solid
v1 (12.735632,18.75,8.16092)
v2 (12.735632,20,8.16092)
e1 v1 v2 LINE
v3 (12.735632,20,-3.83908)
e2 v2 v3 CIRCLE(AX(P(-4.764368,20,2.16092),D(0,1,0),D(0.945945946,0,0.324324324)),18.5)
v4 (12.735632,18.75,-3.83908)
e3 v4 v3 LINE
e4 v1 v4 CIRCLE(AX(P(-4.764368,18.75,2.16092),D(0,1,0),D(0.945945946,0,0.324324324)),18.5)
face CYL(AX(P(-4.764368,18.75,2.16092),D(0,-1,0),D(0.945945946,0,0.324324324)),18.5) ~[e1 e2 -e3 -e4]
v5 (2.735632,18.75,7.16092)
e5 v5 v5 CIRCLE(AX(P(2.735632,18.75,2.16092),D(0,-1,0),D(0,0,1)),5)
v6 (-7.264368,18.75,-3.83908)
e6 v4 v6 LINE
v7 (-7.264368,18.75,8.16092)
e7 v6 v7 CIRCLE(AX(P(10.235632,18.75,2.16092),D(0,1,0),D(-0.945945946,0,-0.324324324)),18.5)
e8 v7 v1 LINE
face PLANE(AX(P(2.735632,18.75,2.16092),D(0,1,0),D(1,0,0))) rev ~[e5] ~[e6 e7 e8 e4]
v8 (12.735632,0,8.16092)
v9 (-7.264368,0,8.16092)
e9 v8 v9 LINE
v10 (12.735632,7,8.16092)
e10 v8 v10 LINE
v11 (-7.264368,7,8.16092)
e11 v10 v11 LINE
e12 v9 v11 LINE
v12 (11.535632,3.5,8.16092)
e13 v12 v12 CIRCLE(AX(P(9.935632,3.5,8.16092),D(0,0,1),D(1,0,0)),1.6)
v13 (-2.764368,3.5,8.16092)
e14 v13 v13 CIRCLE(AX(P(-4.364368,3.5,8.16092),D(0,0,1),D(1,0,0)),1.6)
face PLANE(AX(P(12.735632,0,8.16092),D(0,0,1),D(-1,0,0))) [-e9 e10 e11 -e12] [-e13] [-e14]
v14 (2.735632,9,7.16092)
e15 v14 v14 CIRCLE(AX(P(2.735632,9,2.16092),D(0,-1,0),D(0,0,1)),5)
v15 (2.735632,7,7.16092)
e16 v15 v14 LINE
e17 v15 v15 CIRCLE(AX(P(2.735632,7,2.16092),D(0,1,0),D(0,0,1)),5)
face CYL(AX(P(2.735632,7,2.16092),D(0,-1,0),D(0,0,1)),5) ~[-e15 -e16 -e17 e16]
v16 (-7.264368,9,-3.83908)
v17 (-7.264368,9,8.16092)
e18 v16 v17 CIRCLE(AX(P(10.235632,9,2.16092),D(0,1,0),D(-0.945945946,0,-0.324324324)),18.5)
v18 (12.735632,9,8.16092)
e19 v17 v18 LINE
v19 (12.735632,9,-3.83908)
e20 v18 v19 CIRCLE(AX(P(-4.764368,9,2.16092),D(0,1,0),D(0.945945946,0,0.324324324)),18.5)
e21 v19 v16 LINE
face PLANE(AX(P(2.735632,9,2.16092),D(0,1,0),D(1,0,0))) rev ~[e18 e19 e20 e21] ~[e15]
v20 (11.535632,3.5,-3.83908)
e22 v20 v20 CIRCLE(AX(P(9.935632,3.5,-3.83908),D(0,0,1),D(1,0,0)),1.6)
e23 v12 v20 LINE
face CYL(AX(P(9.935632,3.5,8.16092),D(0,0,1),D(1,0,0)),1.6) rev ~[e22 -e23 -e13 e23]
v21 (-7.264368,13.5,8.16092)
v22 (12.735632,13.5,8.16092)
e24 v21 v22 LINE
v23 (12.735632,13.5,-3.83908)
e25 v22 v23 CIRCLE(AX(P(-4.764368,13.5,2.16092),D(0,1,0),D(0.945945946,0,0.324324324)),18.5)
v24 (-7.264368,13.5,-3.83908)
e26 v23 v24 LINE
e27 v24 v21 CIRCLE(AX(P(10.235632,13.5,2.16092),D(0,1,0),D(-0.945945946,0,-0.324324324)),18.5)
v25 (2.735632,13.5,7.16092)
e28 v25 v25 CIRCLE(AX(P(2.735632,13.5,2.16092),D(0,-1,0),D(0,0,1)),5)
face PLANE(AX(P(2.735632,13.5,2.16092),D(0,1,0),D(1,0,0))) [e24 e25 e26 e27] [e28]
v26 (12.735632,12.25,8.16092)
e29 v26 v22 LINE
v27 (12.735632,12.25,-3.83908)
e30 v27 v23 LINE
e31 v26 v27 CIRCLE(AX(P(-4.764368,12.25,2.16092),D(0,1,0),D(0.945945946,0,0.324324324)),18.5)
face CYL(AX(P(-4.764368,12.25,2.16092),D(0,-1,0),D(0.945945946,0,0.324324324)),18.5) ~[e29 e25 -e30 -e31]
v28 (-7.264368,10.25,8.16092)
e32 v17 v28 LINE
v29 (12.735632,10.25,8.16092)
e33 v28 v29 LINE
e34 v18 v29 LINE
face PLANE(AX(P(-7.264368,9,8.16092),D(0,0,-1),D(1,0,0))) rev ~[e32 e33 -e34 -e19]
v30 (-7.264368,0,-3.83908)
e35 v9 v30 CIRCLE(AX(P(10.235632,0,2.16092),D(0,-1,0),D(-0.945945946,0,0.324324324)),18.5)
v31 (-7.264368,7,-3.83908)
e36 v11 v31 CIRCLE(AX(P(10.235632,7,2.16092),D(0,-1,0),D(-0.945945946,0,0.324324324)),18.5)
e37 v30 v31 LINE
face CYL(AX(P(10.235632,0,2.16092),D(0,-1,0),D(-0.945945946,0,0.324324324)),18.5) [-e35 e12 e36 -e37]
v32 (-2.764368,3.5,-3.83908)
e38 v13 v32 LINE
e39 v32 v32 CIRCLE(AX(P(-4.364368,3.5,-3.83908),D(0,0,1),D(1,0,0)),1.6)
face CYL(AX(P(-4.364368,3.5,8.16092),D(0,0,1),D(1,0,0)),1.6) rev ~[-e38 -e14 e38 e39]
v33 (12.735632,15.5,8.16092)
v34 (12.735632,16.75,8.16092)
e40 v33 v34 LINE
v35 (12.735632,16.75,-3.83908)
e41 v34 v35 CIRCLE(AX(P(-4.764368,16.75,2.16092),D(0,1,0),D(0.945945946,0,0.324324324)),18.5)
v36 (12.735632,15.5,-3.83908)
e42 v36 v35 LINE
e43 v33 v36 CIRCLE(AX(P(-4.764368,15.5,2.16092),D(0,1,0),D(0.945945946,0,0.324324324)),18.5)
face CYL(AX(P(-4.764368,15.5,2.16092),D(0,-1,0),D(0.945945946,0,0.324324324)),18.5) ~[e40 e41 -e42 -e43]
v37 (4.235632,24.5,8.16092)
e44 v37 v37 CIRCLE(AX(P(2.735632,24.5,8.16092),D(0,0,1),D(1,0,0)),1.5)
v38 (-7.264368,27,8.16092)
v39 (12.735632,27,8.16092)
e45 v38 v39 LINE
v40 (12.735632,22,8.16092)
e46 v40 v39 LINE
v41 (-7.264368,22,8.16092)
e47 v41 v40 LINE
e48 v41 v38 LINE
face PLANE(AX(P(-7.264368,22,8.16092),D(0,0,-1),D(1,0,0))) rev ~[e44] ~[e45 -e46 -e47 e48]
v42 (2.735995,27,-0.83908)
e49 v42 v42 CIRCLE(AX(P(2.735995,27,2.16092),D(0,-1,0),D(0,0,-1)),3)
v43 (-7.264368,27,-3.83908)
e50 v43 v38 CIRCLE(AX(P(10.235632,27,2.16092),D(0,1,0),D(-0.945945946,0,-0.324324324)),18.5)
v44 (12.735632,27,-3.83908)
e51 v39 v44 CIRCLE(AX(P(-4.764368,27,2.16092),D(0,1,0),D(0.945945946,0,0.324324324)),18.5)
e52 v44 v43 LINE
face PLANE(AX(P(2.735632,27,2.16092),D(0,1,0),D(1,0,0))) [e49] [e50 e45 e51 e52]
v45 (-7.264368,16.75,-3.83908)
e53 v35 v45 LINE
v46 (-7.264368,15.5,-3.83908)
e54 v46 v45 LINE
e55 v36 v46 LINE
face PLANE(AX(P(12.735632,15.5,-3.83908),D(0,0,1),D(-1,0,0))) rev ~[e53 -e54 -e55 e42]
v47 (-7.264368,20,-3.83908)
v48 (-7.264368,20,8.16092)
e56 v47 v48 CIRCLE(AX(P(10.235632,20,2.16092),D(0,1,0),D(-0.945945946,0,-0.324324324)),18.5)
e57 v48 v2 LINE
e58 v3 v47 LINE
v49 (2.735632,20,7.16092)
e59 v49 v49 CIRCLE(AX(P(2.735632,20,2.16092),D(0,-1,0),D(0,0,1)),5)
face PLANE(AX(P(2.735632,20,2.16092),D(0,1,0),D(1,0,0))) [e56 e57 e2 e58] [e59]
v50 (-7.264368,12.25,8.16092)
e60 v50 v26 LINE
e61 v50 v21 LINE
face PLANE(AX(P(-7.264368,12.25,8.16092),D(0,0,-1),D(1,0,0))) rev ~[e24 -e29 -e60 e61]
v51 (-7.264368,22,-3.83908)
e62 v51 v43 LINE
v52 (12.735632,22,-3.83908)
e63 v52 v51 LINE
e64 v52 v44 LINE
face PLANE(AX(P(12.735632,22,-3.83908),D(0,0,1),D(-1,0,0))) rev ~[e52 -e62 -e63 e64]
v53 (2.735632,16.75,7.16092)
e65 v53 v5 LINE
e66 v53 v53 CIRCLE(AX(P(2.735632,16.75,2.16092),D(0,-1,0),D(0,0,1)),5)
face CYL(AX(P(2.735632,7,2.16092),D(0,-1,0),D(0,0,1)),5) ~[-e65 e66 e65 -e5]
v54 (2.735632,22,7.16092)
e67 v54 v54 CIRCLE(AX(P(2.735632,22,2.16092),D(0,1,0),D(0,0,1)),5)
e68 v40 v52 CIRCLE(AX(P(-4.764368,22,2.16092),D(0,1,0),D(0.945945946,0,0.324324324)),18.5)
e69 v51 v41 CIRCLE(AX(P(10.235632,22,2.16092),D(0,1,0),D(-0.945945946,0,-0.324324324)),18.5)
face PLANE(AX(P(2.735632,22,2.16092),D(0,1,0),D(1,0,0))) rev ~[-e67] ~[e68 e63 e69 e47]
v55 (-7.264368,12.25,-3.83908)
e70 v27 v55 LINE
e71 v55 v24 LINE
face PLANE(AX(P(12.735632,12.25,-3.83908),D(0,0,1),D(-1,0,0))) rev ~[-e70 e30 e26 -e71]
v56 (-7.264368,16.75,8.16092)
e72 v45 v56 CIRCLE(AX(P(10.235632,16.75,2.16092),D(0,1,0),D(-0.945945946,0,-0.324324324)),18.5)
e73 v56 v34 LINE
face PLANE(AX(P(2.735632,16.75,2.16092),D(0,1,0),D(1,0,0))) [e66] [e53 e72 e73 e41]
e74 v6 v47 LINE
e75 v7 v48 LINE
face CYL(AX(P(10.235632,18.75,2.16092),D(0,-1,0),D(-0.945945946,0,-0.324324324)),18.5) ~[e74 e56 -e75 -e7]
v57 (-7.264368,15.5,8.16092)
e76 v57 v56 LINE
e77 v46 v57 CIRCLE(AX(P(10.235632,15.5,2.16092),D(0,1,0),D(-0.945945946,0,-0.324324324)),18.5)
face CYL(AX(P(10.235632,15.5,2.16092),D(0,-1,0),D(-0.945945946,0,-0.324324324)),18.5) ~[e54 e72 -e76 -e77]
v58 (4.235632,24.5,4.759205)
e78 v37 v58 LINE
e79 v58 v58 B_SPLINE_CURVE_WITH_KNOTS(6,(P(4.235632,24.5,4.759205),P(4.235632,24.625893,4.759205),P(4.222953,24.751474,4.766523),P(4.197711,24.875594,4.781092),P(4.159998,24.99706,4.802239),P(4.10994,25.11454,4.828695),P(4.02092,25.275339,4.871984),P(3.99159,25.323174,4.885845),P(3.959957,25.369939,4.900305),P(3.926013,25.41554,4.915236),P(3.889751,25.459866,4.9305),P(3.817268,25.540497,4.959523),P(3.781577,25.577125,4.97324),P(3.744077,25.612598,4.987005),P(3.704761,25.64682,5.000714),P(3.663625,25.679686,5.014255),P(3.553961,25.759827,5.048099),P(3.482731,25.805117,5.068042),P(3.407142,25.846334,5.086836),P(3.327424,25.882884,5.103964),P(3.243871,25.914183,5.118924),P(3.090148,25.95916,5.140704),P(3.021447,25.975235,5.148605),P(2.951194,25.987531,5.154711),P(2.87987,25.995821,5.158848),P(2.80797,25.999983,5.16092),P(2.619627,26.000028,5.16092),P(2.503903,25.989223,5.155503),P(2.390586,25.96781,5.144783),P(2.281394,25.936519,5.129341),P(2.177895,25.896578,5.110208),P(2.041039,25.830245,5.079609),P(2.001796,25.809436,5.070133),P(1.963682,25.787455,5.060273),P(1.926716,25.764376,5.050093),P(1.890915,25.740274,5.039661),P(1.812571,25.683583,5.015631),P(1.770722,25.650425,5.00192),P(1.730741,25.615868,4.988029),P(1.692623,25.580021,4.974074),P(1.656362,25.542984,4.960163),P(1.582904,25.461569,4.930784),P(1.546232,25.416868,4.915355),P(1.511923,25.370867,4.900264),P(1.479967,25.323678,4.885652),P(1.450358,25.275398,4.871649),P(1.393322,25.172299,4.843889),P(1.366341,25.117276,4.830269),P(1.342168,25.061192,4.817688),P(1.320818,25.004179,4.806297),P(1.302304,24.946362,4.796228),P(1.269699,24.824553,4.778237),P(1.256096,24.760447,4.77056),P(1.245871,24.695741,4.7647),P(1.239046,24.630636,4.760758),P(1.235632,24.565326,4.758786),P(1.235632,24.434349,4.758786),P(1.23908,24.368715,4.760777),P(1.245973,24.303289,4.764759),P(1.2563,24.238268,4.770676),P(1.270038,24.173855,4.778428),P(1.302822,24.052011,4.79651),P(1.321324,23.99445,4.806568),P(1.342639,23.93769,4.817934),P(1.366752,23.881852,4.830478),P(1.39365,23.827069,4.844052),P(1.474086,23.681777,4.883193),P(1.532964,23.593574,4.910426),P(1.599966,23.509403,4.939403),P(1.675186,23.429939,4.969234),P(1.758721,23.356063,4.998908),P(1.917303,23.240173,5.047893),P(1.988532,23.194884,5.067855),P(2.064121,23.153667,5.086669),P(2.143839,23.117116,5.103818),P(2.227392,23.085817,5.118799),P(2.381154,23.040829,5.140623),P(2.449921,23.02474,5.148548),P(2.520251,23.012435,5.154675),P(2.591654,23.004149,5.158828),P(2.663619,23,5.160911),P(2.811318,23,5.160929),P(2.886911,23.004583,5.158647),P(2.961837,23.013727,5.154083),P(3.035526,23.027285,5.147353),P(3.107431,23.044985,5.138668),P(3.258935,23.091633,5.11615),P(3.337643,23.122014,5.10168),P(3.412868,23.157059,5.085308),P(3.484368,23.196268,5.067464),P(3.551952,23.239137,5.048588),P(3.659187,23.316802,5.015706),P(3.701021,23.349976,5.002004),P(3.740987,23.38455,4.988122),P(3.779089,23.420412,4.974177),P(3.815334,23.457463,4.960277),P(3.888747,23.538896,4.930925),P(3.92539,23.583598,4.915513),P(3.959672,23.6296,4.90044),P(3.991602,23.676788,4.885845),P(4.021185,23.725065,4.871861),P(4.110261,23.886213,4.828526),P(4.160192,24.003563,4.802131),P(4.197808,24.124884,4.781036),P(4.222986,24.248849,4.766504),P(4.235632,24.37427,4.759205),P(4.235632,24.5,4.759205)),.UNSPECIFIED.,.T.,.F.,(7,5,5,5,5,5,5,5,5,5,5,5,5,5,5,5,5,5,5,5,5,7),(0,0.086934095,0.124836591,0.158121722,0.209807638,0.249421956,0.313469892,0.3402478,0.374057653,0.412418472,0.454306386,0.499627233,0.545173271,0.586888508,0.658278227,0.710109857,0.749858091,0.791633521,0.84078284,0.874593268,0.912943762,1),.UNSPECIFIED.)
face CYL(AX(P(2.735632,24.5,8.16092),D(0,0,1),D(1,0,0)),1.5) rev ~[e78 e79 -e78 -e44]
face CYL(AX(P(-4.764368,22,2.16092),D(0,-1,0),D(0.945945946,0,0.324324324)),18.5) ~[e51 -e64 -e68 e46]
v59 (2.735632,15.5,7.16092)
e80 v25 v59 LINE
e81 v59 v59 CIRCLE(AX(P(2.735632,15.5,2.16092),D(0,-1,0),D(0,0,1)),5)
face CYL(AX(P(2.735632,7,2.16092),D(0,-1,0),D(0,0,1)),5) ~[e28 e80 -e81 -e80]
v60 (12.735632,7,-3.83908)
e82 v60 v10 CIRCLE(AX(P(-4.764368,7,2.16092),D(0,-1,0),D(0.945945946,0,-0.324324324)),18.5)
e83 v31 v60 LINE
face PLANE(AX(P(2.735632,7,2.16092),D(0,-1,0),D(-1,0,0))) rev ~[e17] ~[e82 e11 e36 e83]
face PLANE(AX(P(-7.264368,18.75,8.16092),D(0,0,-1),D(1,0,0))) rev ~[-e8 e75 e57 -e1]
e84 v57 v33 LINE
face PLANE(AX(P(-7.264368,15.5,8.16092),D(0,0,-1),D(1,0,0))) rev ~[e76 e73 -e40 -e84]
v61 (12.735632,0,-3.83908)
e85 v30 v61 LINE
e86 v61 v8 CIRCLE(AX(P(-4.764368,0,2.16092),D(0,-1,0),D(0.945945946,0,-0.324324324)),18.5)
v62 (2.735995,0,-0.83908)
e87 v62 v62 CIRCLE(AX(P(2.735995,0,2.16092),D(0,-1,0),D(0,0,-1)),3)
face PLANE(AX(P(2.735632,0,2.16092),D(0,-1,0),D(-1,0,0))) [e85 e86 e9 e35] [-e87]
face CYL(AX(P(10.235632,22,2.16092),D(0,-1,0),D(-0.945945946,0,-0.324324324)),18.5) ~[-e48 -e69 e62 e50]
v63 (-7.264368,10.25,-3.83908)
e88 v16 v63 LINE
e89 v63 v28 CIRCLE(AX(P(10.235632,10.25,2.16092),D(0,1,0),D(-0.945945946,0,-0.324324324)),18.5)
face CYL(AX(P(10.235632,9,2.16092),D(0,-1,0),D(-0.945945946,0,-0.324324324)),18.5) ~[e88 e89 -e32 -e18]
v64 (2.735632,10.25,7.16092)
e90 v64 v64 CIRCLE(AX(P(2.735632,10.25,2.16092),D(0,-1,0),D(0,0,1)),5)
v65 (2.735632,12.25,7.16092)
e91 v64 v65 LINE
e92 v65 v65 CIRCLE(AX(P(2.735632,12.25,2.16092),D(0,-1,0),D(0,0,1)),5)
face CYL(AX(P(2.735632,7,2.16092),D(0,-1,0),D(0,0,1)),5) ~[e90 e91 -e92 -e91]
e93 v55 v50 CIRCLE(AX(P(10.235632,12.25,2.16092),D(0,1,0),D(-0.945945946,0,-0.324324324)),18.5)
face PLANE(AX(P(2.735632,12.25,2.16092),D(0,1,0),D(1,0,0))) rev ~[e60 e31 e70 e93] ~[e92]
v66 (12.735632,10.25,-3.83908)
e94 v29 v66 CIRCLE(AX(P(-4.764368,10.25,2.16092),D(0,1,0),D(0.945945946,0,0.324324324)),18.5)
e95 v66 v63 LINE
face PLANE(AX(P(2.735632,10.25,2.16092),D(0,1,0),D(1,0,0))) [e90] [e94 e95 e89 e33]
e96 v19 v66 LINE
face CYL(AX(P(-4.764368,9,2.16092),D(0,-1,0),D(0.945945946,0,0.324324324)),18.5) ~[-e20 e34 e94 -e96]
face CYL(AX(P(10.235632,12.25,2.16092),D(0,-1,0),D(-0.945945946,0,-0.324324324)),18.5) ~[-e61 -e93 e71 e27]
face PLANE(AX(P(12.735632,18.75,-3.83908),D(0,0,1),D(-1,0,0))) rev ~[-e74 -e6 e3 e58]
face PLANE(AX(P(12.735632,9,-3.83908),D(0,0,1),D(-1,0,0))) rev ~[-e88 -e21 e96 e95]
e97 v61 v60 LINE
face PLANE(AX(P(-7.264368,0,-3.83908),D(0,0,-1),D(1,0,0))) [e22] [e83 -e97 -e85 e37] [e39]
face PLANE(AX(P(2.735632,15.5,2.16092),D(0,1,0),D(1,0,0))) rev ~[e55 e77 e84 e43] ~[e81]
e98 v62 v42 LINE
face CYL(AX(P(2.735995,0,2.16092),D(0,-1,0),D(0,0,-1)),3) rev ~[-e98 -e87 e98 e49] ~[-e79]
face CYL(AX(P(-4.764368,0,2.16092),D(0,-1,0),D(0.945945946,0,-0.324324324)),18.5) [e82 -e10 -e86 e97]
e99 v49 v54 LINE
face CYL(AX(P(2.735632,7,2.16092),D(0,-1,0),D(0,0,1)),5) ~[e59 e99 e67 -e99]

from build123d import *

# Parameters (mm, degrees)
EXTRUDE_1_DEPTH        = 7
SKETCH_2_R             = 5
EXTRUDE_2_DEPTH        = 15
EXTRUDE_3_DEPTH        = 1.25
PATTERN_LINEAR_1_COUNT = 4
PATTERN_LINEAR_1_PITCH = 3.25
EXTRUDE_5_DEPTH        = 5
SKETCH_8_R             = 1.6
CUT_EXTRUDE_2_DEPTH    = 33.583240961
SKETCH_9_R             = 1.5
CUT_EXTRUDE_3_DEPTH    = 5
SKETCH_10_R            = 3
CUT_EXTRUDE_4_DEPTH    = 32.373048931


with BuildPart() as part:
    # 草图1 → 凸台-拉伸1 (new body)
    with BuildSketch(Plane(origin=(0, 0, 0), x_dir=(1, 0, 0), z_dir=(0, 1, 0))):
        with BuildLine():
            Line((-7.264367816, 3.83908046), (12.735632184, 3.83908046))
            ThreePointArc((12.735632184, 3.83908046), (13.735632184, -2.16091954), (12.735632184, -8.16091954))
            Line((12.735632184, -8.16091954), (-7.264367816, -8.16091954))
            ThreePointArc((-7.264367816, -8.16091954), (-8.264367816, -2.16091954), (-7.264367816, 3.83908046))
        make_face()
    extrude(amount=EXTRUDE_1_DEPTH)

    # 草图2 → 凸台-拉伸2 (add)
    with BuildSketch(Plane(origin=(0, 7, 0), x_dir=(1, 0, 0), z_dir=(0, 1, 0))):
        with Locations(Location((2.735632184, -2.16091954, 0), (0, 0, 270))):
            Circle(SKETCH_2_R)
    extrude(amount=EXTRUDE_2_DEPTH)

    # 草图4 → 凸台-拉伸3 (add)
    with BuildSketch(Plane(origin=(0, 9, 0), x_dir=(1, 0, 0), z_dir=(0, 1, 0))):
        with BuildLine():
            Line((-7.264367816, -8.16091954), (12.735632184, -8.16091954))
            ThreePointArc((12.735632184, -8.16091954), (13.735632184, -2.16091954), (12.735632184, 3.83908046))
            Line((12.735632184, 3.83908046), (-7.264367816, 3.83908046))
            ThreePointArc((-7.264367816, 3.83908046), (-8.264367816, -2.16091954), (-7.264367816, -8.16091954))
        make_face()
    extrude_3 = extrude(amount=EXTRUDE_3_DEPTH)

    # 阵列(线性)1: 凸台-拉伸3 ×4
    with Locations(*[(0, i * PATTERN_LINEAR_1_PITCH, 0) for i in range(1, PATTERN_LINEAR_1_COUNT)]):
        add(extrude_3)

    # 草图6 → 凸台-拉伸5 (add)
    with BuildSketch(Plane(origin=(0, 22, 0), x_dir=(1, 0, 0), z_dir=(0, 1, 0))):
        with BuildLine():
            Line((12.735632184, 3.83908046), (-7.264367816, 3.83908046))
            ThreePointArc((-7.264367816, 3.83908046), (-8.264367816, -2.16091954), (-7.264367816, -8.16091954))
            Line((-7.264367816, -8.16091954), (12.735632184, -8.16091954))
            ThreePointArc((12.735632184, -8.16091954), (13.735632184, -2.16091954), (12.735632184, 3.83908046))
        make_face()
    extrude(amount=EXTRUDE_5_DEPTH)

    # 草图8 → 切除-拉伸2 (cut, through all)
    with BuildSketch(Plane.XY.offset(8.16091954)):
        with Locations((-4.364367816, 3.5)):
            Circle(SKETCH_8_R)
        with Locations((9.935632184, 3.5)):
            Circle(SKETCH_8_R)
    extrude(amount=-CUT_EXTRUDE_2_DEPTH, mode=Mode.SUBTRACT)

    # 草图9 → 切除-拉伸3 (cut)
    with BuildSketch(Plane.XY.offset(8.16091954)):
        with Locations((2.735632184, 24.5)):
            Circle(SKETCH_9_R)
    extrude(amount=-CUT_EXTRUDE_3_DEPTH, mode=Mode.SUBTRACT)

    # 草图10 → 切除-拉伸4 (cut, through all)
    with BuildSketch(Plane.XZ):
        with Locations(Location((2.735995225, 2.16091954, 0), (0, 0, 270))):
            Circle(SKETCH_10_R)
    extrude(amount=-CUT_EXTRUDE_4_DEPTH, mode=Mode.SUBTRACT)


solid = part.part
